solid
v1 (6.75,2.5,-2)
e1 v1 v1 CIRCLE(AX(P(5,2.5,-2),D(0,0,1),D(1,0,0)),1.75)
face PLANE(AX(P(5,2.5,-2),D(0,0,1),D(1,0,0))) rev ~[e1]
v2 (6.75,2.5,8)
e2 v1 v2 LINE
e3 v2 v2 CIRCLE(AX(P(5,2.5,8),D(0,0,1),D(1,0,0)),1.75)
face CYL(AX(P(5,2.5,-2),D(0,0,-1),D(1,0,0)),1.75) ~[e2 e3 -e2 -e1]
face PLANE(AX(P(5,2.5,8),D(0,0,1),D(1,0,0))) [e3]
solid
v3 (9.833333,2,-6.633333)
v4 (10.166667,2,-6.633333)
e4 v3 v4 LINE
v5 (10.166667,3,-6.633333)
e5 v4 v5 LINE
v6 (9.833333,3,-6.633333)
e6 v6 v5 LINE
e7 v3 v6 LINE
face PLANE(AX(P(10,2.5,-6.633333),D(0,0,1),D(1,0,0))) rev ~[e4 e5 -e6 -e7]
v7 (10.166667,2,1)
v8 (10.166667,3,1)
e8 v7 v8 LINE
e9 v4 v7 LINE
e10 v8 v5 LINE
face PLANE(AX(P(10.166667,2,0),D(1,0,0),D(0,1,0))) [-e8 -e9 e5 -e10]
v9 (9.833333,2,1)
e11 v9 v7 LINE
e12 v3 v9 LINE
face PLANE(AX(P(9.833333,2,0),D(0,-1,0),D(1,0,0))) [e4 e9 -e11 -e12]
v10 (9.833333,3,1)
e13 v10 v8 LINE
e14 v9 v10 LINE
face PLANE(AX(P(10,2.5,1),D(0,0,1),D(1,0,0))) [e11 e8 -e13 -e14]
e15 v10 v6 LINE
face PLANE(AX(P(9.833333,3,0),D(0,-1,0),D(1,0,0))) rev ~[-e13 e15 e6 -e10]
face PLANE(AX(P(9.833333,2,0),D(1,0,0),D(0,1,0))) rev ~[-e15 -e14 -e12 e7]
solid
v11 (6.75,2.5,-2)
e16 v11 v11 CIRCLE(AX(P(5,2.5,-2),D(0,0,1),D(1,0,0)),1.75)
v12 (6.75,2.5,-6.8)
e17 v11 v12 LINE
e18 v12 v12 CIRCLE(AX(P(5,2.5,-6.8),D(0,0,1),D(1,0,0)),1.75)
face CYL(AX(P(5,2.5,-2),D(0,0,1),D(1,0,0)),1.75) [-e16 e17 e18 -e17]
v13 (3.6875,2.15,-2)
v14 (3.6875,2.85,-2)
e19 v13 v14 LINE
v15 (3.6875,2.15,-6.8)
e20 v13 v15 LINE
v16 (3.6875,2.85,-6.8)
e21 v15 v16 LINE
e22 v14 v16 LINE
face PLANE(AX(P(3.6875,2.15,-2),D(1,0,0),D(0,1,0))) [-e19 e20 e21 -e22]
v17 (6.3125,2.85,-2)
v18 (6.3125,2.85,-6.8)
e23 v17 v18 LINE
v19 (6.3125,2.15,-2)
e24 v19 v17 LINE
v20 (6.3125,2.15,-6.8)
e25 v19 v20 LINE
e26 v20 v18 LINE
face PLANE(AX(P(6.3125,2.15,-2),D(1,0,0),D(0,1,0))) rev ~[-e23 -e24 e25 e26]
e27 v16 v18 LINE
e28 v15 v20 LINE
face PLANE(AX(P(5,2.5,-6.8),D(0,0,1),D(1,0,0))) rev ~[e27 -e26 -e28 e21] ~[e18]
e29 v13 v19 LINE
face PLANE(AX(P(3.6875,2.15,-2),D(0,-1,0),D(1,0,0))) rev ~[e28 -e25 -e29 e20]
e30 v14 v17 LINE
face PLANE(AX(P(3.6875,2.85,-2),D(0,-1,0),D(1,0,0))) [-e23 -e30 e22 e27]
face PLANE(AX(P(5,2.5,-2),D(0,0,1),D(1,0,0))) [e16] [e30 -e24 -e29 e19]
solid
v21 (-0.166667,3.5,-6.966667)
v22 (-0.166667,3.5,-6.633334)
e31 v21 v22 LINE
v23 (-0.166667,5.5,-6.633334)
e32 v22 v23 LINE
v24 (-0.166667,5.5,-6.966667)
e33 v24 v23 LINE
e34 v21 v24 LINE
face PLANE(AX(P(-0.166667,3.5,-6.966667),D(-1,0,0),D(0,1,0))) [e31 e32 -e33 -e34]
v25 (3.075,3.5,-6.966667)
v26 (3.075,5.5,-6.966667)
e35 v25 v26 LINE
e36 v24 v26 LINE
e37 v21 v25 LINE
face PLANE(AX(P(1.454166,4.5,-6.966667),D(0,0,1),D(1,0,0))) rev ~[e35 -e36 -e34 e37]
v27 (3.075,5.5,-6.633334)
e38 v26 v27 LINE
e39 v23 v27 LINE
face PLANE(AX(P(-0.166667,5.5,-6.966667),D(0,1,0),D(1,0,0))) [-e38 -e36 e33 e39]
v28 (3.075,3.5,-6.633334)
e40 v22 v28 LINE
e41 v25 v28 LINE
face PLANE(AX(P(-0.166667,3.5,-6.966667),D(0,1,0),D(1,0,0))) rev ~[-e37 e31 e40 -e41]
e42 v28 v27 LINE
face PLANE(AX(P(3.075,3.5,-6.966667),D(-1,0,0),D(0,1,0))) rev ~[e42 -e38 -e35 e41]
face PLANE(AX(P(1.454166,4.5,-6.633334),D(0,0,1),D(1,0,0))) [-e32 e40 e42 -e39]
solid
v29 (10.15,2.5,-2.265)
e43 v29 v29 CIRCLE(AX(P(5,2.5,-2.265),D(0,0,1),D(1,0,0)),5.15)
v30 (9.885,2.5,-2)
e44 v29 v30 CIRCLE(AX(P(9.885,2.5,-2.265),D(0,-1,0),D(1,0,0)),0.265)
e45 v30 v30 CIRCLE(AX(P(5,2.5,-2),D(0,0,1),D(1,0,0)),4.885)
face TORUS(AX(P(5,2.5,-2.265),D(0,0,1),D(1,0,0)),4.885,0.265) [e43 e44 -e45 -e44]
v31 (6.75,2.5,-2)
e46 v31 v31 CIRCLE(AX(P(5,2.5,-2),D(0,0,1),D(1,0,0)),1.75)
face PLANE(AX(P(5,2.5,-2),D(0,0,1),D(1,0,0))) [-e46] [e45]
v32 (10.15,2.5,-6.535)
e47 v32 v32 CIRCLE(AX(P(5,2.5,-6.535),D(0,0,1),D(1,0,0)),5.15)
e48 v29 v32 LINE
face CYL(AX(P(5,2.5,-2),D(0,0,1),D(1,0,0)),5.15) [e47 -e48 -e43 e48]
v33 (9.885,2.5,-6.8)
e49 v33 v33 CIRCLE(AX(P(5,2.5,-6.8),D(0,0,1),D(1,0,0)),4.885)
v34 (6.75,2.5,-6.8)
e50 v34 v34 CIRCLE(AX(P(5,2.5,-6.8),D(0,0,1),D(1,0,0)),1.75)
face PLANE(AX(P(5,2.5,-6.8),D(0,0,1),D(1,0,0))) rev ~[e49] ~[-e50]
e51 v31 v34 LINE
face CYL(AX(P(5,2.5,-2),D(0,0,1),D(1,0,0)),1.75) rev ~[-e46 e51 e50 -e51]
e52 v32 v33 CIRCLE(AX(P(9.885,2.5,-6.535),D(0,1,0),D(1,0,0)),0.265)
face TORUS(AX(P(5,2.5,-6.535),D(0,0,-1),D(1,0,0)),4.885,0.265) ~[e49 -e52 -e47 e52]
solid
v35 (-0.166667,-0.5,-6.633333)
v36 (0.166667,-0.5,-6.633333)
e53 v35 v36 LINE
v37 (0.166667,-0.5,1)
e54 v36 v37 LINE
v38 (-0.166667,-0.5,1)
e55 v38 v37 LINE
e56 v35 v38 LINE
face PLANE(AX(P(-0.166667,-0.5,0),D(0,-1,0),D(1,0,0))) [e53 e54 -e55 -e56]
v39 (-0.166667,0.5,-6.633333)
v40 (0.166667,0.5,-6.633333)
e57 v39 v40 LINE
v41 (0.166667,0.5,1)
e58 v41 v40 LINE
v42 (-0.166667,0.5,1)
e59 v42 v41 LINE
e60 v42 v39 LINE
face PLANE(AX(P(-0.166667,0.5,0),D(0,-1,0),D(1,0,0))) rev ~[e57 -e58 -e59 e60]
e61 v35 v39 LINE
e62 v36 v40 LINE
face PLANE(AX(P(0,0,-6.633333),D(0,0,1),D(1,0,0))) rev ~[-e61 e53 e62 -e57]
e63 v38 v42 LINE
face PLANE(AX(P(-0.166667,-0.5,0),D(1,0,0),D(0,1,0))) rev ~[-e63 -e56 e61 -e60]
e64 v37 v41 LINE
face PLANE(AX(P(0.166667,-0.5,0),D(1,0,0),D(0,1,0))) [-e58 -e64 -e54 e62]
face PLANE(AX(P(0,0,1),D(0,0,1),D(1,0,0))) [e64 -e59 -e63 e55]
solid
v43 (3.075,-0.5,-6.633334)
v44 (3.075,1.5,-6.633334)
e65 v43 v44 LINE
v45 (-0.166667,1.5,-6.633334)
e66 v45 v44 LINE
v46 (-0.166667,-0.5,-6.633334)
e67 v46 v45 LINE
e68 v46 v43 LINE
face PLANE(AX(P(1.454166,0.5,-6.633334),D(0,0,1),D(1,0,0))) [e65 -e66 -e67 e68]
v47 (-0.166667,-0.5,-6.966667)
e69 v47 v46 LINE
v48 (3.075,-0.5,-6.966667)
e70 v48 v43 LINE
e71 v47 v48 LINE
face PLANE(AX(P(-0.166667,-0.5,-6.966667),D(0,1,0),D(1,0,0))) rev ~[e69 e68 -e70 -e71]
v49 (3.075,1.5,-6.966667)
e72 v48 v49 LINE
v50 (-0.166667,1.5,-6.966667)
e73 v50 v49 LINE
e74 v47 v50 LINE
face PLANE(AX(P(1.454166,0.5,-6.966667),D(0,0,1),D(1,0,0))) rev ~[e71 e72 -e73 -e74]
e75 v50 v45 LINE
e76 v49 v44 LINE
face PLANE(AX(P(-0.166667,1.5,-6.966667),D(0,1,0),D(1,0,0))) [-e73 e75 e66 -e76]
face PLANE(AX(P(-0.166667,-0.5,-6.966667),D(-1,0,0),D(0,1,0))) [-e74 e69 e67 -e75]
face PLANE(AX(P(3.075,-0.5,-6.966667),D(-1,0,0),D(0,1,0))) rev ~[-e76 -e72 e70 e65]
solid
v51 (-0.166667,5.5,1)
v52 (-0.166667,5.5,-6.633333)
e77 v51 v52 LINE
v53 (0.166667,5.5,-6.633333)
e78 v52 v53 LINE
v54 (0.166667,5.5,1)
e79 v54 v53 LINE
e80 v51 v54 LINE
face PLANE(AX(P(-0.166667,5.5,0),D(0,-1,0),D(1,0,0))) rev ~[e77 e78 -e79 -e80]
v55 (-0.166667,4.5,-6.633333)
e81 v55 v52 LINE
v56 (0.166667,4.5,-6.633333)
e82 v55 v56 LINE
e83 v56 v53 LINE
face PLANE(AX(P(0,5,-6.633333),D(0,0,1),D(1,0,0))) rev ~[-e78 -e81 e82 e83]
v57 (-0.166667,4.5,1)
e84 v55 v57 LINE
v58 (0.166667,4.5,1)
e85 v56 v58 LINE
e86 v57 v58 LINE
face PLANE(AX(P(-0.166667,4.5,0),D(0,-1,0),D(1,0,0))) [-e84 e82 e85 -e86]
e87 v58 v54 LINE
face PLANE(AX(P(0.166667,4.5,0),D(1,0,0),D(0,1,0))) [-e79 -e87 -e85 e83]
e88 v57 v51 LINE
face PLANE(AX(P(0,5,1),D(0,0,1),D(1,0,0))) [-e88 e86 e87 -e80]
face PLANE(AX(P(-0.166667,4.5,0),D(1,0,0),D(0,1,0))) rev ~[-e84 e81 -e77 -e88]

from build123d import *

# Parameters (mm, degrees)
SKETCH003_W       = 0.333334
SKETCH003_H       = 1
PAD002_DEPTH      = 1
PAD002_DEPTH_BACK = 6.633333
SKETCH004_R       = 1.75
SKETCH004_W       = 2.625
SKETCH004_H       = 0.7
PAD003_DEPTH      = 4.8
SKETCH_R          = 5.15
SKETCH_R_2        = 1.75
PAD_DEPTH         = 4.8
FILLET_R          = 0.265
SKETCH005_W       = 3.241667
SKETCH005_H       = 2
PAD004_DEPTH      = 0.333333
SKETCH006_R       = 1.75
PAD005_DEPTH      = 10


with BuildPart() as pad002:
    # Sketch003 → Pad002 (new body, two sides)
    with BuildSketch(Plane(origin=(0, 5, 0), x_dir=(1, 0, 0), z_dir=(0, 0, 1))) as pad002_sk:
        Rectangle(SKETCH003_W, SKETCH003_H)
        with Locations((10, -2.5)):
            Rectangle(SKETCH003_W, SKETCH003_H)
        with Locations((0, -5)):
            Rectangle(SKETCH003_W, SKETCH003_H)
    extrude(amount=PAD002_DEPTH)
    extrude(pad002_sk.sketch, amount=-PAD002_DEPTH_BACK)


with BuildPart() as pad003:
    # Sketch004 → Pad003 (new body)
    with BuildSketch(Plane(origin=(0, 5, -2), x_dir=(1, 0, 0), z_dir=(0, 0, 1))):
        with Locations((5, -2.5)):
            Circle(SKETCH004_R)
        with Locations((5, -2.5)):
            Rectangle(SKETCH004_W, SKETCH004_H, mode=Mode.SUBTRACT)
    extrude(amount=-PAD003_DEPTH)


with BuildPart() as fillet_body:
    # Sketch → Pad (new body)
    with BuildSketch(Plane(origin=(0, 5, -2), x_dir=(1, 0, 0), z_dir=(0, 0, 1))):
        with Locations((5, -2.5)):
            Circle(SKETCH_R)
        with Locations((5, -2.5)):
            Circle(SKETCH_R_2, mode=Mode.SUBTRACT)
    extrude(amount=-PAD_DEPTH)

    # Fillet
    fillet_edges = [fillet_body.edges().sort_by_distance(p)[0] for p in [
        (-0.15, 2.5, -2),
        (-0.15, 2.5, -6.8),
    ]]
    fillet(fillet_edges, radius=FILLET_R)


with BuildPart() as pad004:
    # Sketch005 → Pad004 (new body)
    with BuildSketch(Plane(origin=(0, 5, -6.966667), x_dir=(1, 0, 0), z_dir=(0, 0, 1))):
        with Locations((1.454166, -0.5)):
            Rectangle(SKETCH005_W, SKETCH005_H)
        with Locations((1.454166, -4.5)):
            Rectangle(SKETCH005_W, SKETCH005_H)
    extrude(amount=PAD004_DEPTH)


with BuildPart() as pad005:
    # Sketch006 → Pad005 (new body)
    with BuildSketch(Plane(origin=(0, 5, -2), x_dir=(1, 0, 0), z_dir=(0, 0, 1))):
        with Locations((5, -2.5)):
            Circle(SKETCH006_R)
    extrude(amount=PAD005_DEPTH)


solid = Compound([pad002.part, pad003.part, fillet_body.part, pad004.part, pad005.part])
